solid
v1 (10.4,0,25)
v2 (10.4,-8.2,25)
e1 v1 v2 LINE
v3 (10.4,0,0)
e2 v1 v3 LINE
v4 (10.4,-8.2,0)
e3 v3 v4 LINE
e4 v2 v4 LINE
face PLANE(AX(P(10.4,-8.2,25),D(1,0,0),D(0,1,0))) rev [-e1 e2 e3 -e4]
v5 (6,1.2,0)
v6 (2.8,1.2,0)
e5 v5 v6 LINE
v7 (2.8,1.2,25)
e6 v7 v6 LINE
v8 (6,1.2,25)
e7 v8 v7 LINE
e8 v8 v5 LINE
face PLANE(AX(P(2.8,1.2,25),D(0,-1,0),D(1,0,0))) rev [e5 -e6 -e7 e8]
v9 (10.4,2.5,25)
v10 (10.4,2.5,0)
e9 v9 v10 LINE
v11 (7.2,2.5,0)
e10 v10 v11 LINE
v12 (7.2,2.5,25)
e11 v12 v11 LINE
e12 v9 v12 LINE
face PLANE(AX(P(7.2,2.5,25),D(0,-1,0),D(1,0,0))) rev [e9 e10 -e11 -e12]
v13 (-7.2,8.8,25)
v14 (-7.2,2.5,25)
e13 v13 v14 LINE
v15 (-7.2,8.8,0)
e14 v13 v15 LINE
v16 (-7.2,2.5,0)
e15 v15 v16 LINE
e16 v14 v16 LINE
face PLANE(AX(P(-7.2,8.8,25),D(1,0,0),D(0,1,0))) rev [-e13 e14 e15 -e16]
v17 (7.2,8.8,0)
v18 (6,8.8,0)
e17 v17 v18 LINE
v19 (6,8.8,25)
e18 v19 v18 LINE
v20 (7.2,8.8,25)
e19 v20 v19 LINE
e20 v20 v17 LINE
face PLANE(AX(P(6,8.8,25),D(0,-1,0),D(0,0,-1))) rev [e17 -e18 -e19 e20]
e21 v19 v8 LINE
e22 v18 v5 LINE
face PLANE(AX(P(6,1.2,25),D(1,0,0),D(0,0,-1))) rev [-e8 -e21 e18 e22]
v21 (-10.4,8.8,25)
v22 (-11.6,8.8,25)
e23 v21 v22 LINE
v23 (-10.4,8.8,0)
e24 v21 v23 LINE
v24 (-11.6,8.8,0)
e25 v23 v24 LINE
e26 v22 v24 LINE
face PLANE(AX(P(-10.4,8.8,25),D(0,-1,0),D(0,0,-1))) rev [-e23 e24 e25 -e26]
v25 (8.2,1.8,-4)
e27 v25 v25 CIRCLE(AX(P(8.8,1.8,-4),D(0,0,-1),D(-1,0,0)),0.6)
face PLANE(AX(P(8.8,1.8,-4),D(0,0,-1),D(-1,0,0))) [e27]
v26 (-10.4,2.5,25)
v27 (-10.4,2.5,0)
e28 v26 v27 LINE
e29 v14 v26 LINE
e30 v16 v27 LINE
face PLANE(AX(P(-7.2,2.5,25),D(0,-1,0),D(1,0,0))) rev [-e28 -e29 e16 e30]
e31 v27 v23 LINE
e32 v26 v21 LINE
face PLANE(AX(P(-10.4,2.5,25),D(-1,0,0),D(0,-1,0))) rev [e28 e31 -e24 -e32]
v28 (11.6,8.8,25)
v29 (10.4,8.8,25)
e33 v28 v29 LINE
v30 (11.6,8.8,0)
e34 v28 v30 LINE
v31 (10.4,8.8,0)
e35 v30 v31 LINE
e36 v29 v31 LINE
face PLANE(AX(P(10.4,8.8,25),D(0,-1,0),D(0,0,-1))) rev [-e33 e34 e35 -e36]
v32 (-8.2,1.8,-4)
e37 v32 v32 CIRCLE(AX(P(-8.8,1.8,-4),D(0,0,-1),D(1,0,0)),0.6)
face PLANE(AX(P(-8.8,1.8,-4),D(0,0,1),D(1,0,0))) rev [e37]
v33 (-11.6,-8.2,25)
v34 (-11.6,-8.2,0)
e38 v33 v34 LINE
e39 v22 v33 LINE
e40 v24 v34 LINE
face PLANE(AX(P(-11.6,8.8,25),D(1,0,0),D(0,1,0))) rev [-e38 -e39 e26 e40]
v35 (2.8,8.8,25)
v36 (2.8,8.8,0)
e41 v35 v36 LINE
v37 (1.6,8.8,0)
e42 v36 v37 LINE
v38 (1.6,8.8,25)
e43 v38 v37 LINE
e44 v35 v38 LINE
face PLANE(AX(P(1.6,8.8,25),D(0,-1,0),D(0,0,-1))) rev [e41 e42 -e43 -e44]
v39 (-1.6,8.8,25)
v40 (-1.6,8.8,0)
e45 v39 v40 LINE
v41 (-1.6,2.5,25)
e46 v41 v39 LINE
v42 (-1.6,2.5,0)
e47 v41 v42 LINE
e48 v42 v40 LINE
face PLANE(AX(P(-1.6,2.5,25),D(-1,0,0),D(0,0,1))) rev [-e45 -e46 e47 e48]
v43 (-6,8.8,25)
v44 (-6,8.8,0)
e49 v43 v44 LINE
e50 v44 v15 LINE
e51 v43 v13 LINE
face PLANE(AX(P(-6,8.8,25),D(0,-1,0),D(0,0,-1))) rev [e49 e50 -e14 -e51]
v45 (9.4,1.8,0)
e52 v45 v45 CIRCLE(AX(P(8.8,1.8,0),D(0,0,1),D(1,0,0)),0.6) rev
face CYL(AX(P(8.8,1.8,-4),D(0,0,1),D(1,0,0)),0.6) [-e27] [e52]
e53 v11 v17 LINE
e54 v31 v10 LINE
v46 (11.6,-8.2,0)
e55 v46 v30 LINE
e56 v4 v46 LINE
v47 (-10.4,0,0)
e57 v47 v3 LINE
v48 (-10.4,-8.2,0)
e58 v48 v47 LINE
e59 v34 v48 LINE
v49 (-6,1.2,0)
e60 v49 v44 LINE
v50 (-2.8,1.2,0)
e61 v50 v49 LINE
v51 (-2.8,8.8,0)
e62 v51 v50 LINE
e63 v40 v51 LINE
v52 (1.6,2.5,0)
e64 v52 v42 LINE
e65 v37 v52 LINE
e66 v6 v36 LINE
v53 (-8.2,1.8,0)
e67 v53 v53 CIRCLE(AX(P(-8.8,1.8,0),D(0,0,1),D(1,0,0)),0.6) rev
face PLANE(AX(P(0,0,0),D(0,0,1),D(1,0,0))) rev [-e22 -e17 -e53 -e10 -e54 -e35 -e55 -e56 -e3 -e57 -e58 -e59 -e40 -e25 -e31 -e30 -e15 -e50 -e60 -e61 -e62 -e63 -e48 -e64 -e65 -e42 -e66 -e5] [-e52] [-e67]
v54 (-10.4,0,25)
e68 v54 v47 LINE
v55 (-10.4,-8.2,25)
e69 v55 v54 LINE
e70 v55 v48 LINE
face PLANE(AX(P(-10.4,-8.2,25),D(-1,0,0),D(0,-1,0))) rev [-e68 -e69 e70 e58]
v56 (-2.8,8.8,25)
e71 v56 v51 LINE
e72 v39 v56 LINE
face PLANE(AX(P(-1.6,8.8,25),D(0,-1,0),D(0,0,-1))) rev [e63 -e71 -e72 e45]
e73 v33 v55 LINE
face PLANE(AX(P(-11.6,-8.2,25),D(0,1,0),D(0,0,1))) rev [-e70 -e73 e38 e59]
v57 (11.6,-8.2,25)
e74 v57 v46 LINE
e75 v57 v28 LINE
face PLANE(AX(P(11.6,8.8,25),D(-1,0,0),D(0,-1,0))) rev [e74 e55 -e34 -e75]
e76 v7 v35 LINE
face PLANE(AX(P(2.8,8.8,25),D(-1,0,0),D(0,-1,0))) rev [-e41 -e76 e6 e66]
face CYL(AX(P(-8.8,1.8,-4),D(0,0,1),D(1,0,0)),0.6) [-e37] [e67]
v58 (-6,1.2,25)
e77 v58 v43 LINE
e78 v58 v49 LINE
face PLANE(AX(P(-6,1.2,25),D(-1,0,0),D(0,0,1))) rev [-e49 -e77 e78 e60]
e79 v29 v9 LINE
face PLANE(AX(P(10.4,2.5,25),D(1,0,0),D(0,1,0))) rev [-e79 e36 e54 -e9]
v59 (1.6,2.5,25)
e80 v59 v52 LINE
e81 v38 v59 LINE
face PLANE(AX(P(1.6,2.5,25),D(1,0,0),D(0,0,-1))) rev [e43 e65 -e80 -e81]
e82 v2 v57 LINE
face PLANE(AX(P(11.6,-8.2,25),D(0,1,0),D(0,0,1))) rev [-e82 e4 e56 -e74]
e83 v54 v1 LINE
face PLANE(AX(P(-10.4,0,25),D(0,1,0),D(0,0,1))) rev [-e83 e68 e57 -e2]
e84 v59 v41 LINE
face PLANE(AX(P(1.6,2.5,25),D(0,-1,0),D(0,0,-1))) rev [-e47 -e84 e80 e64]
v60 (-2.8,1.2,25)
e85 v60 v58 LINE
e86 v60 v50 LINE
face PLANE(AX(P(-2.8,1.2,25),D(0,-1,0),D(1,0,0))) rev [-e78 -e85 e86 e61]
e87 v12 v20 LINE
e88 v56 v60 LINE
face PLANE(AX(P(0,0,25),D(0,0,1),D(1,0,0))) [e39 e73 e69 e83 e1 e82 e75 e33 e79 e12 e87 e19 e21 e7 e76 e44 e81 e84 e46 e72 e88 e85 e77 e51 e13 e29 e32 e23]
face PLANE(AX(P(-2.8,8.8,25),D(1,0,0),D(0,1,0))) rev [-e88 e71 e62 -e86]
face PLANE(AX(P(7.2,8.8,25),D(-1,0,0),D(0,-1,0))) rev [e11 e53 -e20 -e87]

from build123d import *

# Parameters (mm, degrees)
EXTRUDE_1_DEPTH = 25
SKETCH_2_R      = 0.6
EXTRUDE_2_DEPTH = 4


with BuildPart() as part:
    # 草图1 → 凸台-拉伸1 (new body)
    with BuildSketch(Plane.XY):
        Polygon((-11.6, 8.8), (-11.6, -8.2), (-10.4, -8.2), (-10.4, 0), (10.4, 0), (10.4, -8.2), (11.6, -8.2), (11.6, 8.8), (10.4, 8.8), (10.4, 2.5), (7.2, 2.5), (7.2, 8.8), (6, 8.8), (6, 1.2), (2.8, 1.2), (2.8, 8.8), (1.6, 8.8), (1.6, 2.5), (-1.6, 2.5), (-1.6, 8.8), (-2.8, 8.8), (-2.8, 1.2), (-6, 1.2), (-6, 8.8), (-7.2, 8.8), (-7.2, 2.5), (-10.4, 2.5), (-10.4, 8.8), align=None)
    extrude(amount=EXTRUDE_1_DEPTH)

    # 草图2 → 凸台-拉伸2 (add)
    with BuildSketch(Plane(origin=(0, 0, 0), x_dir=(-1, 0, 0), z_dir=(0, 0, -1))):
        with Locations(Location((-8.8, 1.8, 0), (0, 0, 180))):
            Circle(SKETCH_2_R)
        with Locations(Location((8.8, 1.8, 0), (0, 0, 180))):
            Circle(SKETCH_2_R)
    extrude(amount=EXTRUDE_2_DEPTH)


solid = part.part
